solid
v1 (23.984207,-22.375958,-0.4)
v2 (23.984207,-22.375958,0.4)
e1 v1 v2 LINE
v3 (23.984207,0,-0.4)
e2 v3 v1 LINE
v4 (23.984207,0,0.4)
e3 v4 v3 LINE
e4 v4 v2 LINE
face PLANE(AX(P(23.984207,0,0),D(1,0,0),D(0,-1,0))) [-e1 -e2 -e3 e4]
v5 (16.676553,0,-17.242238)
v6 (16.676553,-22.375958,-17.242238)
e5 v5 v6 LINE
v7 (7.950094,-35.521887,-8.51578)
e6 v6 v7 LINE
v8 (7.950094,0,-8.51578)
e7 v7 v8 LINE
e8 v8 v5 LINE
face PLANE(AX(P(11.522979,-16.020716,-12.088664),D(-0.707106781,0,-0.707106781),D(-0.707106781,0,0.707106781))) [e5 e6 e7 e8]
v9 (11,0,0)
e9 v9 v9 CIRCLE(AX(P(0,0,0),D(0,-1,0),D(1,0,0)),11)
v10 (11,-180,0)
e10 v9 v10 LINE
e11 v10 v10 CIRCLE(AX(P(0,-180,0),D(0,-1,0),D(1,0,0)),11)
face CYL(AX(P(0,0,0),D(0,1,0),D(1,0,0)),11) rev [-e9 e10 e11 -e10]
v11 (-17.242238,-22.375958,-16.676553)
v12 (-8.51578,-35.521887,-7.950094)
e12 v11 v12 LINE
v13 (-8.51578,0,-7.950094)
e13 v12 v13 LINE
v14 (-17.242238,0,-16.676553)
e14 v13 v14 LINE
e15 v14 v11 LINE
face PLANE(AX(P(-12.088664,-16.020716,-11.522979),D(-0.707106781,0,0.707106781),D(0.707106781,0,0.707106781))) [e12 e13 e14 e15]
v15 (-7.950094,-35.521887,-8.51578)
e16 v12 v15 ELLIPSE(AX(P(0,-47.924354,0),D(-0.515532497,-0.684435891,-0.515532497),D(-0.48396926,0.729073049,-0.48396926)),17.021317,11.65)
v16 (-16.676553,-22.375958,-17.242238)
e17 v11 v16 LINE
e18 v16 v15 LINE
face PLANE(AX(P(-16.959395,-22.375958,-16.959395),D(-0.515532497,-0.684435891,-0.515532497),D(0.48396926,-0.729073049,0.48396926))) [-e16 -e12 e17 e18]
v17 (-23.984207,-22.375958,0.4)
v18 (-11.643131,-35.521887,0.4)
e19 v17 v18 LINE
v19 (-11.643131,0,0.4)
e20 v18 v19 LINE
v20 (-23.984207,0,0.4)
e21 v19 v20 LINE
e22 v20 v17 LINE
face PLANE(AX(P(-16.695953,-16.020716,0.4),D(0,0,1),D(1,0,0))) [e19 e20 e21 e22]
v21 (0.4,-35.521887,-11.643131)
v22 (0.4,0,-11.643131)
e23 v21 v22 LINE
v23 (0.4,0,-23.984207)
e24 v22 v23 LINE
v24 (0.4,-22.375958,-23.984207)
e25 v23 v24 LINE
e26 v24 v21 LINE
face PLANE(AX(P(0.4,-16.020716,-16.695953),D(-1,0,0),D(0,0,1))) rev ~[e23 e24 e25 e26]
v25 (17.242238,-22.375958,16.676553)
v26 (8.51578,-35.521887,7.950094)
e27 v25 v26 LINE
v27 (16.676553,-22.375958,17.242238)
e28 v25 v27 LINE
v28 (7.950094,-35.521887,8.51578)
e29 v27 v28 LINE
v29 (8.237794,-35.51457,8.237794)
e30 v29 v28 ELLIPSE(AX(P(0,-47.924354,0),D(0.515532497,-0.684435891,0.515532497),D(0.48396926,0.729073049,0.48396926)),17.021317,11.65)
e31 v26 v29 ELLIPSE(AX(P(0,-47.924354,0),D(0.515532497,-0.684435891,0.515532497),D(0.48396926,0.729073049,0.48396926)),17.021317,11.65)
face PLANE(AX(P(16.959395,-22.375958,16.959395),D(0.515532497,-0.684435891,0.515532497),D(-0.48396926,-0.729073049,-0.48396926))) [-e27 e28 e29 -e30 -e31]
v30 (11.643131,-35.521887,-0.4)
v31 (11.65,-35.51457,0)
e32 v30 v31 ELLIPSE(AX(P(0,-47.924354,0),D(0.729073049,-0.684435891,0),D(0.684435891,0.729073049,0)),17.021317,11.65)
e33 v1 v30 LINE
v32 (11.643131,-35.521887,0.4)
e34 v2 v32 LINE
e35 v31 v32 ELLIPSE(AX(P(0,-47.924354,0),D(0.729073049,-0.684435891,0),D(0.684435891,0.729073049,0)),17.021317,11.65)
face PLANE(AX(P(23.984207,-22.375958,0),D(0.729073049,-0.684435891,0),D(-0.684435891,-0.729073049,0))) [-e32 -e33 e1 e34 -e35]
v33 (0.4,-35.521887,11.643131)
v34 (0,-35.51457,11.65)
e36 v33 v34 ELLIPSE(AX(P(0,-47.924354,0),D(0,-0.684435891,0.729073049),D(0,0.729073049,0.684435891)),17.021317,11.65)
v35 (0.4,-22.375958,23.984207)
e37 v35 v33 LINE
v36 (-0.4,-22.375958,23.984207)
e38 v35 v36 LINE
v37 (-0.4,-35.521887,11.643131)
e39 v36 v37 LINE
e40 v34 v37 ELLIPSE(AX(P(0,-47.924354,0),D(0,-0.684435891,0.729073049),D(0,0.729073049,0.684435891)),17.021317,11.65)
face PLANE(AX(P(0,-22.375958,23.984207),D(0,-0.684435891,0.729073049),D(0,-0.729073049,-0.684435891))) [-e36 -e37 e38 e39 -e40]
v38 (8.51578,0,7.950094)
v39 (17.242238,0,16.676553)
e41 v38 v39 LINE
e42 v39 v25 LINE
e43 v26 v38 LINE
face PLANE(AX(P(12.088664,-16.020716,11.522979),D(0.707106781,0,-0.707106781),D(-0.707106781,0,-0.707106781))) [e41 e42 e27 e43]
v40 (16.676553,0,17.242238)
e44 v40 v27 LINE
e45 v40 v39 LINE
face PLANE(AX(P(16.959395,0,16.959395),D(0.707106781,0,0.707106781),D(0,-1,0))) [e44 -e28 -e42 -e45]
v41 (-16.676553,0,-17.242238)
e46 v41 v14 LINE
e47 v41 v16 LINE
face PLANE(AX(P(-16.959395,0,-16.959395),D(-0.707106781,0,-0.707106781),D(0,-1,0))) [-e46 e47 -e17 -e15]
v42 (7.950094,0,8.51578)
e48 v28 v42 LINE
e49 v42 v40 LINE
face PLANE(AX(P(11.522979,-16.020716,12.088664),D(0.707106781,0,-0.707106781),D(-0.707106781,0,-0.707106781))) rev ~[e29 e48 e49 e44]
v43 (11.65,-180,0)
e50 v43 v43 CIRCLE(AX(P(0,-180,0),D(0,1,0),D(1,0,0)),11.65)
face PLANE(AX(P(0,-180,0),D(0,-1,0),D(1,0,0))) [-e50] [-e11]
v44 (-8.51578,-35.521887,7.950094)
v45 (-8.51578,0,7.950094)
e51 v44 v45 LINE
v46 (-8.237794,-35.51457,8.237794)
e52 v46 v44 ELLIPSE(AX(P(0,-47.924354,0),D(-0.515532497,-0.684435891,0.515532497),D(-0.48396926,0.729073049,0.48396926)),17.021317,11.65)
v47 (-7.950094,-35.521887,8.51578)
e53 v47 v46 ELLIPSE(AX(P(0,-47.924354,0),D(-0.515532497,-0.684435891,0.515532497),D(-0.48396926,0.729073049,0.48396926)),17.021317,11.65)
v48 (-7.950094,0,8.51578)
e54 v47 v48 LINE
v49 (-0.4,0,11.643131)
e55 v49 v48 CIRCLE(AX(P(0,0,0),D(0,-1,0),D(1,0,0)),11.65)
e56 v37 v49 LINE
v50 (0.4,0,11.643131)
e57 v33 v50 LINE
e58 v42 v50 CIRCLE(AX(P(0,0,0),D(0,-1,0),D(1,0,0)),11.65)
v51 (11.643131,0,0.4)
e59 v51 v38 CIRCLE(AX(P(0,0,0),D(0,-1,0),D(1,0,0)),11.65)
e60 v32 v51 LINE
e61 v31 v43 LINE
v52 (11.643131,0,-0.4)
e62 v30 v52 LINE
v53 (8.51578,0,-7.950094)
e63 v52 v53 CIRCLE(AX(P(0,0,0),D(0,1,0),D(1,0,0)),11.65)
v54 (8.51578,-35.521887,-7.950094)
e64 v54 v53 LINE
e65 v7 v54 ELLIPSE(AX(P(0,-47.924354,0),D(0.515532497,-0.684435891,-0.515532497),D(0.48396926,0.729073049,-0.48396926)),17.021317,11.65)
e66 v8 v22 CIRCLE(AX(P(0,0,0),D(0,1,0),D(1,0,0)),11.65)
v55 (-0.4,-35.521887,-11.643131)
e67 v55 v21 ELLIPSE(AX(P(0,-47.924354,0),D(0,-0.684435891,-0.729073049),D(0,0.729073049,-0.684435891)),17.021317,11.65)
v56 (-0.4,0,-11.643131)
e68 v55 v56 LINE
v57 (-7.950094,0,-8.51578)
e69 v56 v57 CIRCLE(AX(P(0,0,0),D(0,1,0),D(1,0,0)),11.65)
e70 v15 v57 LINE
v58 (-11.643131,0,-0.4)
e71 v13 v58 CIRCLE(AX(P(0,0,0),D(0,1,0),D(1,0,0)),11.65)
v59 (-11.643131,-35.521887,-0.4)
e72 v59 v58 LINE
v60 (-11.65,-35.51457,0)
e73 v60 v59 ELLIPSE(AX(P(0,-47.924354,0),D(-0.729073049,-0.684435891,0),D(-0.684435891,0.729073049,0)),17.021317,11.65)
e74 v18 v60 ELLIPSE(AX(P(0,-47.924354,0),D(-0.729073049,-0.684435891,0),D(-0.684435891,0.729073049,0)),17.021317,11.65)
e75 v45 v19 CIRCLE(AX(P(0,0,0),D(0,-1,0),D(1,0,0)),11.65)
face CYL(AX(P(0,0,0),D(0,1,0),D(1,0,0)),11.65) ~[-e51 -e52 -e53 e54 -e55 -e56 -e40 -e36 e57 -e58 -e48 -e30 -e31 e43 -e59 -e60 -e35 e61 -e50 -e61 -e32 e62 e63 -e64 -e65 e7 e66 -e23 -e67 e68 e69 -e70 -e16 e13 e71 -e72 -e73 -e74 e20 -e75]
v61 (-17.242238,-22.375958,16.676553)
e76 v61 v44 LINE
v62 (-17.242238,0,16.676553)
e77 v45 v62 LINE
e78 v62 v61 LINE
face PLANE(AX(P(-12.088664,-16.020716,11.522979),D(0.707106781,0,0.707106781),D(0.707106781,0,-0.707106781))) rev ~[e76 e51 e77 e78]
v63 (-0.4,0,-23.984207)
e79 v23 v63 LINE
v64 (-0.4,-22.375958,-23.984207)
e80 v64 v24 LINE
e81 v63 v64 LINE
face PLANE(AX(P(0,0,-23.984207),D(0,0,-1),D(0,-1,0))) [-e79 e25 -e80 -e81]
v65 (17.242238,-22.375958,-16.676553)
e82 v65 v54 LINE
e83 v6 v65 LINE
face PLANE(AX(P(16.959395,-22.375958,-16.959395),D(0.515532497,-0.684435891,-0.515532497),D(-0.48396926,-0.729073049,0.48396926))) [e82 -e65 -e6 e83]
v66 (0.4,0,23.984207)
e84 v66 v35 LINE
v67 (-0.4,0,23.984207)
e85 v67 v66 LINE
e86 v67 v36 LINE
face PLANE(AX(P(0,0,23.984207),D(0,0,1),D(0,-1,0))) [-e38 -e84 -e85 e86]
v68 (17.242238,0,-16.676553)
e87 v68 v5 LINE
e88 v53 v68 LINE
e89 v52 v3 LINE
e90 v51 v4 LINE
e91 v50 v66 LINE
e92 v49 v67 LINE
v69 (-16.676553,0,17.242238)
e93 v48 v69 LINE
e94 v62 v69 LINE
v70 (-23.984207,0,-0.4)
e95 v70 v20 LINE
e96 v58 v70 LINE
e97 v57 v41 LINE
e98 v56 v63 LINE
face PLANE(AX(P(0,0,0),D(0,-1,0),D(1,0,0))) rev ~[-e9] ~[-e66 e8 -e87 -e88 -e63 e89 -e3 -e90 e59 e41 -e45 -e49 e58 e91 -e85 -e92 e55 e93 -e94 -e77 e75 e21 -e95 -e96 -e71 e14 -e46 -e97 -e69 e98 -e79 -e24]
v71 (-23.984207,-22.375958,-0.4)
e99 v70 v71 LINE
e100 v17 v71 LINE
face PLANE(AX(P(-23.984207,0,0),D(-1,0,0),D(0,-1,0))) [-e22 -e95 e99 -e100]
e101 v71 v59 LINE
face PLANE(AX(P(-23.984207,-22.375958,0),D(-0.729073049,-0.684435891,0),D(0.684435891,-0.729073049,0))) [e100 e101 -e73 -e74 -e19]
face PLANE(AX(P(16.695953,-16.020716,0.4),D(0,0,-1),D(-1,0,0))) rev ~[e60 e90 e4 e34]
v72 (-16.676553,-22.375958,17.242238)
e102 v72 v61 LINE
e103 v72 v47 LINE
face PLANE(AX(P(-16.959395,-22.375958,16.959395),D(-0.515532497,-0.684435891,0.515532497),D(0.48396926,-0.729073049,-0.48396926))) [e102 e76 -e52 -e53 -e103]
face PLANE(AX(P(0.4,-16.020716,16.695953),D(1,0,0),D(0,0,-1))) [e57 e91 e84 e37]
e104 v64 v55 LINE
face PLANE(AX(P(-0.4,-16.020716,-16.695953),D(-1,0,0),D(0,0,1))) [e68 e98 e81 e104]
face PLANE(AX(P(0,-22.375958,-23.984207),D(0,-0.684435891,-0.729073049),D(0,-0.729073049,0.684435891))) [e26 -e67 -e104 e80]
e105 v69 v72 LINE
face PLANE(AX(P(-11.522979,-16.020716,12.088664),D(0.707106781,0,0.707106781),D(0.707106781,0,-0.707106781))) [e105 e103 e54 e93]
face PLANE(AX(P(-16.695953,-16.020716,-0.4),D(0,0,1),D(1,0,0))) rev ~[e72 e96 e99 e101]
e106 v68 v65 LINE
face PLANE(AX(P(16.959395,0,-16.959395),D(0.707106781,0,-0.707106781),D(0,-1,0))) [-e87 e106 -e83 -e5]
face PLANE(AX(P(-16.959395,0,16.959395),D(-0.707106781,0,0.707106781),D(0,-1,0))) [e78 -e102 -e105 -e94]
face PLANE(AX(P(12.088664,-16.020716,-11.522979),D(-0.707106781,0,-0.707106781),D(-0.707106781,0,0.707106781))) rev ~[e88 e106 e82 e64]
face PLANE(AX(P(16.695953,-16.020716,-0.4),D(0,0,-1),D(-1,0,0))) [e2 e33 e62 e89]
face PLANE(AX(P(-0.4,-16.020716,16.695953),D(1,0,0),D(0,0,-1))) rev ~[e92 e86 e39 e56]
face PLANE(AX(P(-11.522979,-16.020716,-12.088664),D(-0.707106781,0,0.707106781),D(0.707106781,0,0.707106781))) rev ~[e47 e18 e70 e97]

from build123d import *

# Parameters (mm, degrees)
F0_R     = 11.65
F0_R_2   = 11
F1_DEPTH = 180
F3_DEPTH = 0.4
F4_COUNT = 8


with BuildPart() as f1:
    # F0 (on Front) → F1 (new body)
    with BuildSketch(Plane.XZ):
        Circle(F0_R)
        Circle(F0_R_2, mode=Mode.SUBTRACT)
    extrude(amount=F1_DEPTH)

    # F2 (on Top) → F3 (join, symmetric)
    with BuildSketch(Plane.XY):
        Polygon((-11.318761, -35.867412), (-11.318761, 0), (-23.984207, 0), (-23.984207, -22.375958), align=None)
    extrude(amount=F3_DEPTH, both=True)

    # F4: F1 ×8 about axis
    f4_axis = Axis((0, 0, 0), (0, 1, 0))


with BuildPart() as f1_1:
    add(f1.part)
    for i in range(1, F4_COUNT):
        add(f1.part.rotate(f4_axis, i * 360 / F4_COUNT))


solid = f1_1.part
